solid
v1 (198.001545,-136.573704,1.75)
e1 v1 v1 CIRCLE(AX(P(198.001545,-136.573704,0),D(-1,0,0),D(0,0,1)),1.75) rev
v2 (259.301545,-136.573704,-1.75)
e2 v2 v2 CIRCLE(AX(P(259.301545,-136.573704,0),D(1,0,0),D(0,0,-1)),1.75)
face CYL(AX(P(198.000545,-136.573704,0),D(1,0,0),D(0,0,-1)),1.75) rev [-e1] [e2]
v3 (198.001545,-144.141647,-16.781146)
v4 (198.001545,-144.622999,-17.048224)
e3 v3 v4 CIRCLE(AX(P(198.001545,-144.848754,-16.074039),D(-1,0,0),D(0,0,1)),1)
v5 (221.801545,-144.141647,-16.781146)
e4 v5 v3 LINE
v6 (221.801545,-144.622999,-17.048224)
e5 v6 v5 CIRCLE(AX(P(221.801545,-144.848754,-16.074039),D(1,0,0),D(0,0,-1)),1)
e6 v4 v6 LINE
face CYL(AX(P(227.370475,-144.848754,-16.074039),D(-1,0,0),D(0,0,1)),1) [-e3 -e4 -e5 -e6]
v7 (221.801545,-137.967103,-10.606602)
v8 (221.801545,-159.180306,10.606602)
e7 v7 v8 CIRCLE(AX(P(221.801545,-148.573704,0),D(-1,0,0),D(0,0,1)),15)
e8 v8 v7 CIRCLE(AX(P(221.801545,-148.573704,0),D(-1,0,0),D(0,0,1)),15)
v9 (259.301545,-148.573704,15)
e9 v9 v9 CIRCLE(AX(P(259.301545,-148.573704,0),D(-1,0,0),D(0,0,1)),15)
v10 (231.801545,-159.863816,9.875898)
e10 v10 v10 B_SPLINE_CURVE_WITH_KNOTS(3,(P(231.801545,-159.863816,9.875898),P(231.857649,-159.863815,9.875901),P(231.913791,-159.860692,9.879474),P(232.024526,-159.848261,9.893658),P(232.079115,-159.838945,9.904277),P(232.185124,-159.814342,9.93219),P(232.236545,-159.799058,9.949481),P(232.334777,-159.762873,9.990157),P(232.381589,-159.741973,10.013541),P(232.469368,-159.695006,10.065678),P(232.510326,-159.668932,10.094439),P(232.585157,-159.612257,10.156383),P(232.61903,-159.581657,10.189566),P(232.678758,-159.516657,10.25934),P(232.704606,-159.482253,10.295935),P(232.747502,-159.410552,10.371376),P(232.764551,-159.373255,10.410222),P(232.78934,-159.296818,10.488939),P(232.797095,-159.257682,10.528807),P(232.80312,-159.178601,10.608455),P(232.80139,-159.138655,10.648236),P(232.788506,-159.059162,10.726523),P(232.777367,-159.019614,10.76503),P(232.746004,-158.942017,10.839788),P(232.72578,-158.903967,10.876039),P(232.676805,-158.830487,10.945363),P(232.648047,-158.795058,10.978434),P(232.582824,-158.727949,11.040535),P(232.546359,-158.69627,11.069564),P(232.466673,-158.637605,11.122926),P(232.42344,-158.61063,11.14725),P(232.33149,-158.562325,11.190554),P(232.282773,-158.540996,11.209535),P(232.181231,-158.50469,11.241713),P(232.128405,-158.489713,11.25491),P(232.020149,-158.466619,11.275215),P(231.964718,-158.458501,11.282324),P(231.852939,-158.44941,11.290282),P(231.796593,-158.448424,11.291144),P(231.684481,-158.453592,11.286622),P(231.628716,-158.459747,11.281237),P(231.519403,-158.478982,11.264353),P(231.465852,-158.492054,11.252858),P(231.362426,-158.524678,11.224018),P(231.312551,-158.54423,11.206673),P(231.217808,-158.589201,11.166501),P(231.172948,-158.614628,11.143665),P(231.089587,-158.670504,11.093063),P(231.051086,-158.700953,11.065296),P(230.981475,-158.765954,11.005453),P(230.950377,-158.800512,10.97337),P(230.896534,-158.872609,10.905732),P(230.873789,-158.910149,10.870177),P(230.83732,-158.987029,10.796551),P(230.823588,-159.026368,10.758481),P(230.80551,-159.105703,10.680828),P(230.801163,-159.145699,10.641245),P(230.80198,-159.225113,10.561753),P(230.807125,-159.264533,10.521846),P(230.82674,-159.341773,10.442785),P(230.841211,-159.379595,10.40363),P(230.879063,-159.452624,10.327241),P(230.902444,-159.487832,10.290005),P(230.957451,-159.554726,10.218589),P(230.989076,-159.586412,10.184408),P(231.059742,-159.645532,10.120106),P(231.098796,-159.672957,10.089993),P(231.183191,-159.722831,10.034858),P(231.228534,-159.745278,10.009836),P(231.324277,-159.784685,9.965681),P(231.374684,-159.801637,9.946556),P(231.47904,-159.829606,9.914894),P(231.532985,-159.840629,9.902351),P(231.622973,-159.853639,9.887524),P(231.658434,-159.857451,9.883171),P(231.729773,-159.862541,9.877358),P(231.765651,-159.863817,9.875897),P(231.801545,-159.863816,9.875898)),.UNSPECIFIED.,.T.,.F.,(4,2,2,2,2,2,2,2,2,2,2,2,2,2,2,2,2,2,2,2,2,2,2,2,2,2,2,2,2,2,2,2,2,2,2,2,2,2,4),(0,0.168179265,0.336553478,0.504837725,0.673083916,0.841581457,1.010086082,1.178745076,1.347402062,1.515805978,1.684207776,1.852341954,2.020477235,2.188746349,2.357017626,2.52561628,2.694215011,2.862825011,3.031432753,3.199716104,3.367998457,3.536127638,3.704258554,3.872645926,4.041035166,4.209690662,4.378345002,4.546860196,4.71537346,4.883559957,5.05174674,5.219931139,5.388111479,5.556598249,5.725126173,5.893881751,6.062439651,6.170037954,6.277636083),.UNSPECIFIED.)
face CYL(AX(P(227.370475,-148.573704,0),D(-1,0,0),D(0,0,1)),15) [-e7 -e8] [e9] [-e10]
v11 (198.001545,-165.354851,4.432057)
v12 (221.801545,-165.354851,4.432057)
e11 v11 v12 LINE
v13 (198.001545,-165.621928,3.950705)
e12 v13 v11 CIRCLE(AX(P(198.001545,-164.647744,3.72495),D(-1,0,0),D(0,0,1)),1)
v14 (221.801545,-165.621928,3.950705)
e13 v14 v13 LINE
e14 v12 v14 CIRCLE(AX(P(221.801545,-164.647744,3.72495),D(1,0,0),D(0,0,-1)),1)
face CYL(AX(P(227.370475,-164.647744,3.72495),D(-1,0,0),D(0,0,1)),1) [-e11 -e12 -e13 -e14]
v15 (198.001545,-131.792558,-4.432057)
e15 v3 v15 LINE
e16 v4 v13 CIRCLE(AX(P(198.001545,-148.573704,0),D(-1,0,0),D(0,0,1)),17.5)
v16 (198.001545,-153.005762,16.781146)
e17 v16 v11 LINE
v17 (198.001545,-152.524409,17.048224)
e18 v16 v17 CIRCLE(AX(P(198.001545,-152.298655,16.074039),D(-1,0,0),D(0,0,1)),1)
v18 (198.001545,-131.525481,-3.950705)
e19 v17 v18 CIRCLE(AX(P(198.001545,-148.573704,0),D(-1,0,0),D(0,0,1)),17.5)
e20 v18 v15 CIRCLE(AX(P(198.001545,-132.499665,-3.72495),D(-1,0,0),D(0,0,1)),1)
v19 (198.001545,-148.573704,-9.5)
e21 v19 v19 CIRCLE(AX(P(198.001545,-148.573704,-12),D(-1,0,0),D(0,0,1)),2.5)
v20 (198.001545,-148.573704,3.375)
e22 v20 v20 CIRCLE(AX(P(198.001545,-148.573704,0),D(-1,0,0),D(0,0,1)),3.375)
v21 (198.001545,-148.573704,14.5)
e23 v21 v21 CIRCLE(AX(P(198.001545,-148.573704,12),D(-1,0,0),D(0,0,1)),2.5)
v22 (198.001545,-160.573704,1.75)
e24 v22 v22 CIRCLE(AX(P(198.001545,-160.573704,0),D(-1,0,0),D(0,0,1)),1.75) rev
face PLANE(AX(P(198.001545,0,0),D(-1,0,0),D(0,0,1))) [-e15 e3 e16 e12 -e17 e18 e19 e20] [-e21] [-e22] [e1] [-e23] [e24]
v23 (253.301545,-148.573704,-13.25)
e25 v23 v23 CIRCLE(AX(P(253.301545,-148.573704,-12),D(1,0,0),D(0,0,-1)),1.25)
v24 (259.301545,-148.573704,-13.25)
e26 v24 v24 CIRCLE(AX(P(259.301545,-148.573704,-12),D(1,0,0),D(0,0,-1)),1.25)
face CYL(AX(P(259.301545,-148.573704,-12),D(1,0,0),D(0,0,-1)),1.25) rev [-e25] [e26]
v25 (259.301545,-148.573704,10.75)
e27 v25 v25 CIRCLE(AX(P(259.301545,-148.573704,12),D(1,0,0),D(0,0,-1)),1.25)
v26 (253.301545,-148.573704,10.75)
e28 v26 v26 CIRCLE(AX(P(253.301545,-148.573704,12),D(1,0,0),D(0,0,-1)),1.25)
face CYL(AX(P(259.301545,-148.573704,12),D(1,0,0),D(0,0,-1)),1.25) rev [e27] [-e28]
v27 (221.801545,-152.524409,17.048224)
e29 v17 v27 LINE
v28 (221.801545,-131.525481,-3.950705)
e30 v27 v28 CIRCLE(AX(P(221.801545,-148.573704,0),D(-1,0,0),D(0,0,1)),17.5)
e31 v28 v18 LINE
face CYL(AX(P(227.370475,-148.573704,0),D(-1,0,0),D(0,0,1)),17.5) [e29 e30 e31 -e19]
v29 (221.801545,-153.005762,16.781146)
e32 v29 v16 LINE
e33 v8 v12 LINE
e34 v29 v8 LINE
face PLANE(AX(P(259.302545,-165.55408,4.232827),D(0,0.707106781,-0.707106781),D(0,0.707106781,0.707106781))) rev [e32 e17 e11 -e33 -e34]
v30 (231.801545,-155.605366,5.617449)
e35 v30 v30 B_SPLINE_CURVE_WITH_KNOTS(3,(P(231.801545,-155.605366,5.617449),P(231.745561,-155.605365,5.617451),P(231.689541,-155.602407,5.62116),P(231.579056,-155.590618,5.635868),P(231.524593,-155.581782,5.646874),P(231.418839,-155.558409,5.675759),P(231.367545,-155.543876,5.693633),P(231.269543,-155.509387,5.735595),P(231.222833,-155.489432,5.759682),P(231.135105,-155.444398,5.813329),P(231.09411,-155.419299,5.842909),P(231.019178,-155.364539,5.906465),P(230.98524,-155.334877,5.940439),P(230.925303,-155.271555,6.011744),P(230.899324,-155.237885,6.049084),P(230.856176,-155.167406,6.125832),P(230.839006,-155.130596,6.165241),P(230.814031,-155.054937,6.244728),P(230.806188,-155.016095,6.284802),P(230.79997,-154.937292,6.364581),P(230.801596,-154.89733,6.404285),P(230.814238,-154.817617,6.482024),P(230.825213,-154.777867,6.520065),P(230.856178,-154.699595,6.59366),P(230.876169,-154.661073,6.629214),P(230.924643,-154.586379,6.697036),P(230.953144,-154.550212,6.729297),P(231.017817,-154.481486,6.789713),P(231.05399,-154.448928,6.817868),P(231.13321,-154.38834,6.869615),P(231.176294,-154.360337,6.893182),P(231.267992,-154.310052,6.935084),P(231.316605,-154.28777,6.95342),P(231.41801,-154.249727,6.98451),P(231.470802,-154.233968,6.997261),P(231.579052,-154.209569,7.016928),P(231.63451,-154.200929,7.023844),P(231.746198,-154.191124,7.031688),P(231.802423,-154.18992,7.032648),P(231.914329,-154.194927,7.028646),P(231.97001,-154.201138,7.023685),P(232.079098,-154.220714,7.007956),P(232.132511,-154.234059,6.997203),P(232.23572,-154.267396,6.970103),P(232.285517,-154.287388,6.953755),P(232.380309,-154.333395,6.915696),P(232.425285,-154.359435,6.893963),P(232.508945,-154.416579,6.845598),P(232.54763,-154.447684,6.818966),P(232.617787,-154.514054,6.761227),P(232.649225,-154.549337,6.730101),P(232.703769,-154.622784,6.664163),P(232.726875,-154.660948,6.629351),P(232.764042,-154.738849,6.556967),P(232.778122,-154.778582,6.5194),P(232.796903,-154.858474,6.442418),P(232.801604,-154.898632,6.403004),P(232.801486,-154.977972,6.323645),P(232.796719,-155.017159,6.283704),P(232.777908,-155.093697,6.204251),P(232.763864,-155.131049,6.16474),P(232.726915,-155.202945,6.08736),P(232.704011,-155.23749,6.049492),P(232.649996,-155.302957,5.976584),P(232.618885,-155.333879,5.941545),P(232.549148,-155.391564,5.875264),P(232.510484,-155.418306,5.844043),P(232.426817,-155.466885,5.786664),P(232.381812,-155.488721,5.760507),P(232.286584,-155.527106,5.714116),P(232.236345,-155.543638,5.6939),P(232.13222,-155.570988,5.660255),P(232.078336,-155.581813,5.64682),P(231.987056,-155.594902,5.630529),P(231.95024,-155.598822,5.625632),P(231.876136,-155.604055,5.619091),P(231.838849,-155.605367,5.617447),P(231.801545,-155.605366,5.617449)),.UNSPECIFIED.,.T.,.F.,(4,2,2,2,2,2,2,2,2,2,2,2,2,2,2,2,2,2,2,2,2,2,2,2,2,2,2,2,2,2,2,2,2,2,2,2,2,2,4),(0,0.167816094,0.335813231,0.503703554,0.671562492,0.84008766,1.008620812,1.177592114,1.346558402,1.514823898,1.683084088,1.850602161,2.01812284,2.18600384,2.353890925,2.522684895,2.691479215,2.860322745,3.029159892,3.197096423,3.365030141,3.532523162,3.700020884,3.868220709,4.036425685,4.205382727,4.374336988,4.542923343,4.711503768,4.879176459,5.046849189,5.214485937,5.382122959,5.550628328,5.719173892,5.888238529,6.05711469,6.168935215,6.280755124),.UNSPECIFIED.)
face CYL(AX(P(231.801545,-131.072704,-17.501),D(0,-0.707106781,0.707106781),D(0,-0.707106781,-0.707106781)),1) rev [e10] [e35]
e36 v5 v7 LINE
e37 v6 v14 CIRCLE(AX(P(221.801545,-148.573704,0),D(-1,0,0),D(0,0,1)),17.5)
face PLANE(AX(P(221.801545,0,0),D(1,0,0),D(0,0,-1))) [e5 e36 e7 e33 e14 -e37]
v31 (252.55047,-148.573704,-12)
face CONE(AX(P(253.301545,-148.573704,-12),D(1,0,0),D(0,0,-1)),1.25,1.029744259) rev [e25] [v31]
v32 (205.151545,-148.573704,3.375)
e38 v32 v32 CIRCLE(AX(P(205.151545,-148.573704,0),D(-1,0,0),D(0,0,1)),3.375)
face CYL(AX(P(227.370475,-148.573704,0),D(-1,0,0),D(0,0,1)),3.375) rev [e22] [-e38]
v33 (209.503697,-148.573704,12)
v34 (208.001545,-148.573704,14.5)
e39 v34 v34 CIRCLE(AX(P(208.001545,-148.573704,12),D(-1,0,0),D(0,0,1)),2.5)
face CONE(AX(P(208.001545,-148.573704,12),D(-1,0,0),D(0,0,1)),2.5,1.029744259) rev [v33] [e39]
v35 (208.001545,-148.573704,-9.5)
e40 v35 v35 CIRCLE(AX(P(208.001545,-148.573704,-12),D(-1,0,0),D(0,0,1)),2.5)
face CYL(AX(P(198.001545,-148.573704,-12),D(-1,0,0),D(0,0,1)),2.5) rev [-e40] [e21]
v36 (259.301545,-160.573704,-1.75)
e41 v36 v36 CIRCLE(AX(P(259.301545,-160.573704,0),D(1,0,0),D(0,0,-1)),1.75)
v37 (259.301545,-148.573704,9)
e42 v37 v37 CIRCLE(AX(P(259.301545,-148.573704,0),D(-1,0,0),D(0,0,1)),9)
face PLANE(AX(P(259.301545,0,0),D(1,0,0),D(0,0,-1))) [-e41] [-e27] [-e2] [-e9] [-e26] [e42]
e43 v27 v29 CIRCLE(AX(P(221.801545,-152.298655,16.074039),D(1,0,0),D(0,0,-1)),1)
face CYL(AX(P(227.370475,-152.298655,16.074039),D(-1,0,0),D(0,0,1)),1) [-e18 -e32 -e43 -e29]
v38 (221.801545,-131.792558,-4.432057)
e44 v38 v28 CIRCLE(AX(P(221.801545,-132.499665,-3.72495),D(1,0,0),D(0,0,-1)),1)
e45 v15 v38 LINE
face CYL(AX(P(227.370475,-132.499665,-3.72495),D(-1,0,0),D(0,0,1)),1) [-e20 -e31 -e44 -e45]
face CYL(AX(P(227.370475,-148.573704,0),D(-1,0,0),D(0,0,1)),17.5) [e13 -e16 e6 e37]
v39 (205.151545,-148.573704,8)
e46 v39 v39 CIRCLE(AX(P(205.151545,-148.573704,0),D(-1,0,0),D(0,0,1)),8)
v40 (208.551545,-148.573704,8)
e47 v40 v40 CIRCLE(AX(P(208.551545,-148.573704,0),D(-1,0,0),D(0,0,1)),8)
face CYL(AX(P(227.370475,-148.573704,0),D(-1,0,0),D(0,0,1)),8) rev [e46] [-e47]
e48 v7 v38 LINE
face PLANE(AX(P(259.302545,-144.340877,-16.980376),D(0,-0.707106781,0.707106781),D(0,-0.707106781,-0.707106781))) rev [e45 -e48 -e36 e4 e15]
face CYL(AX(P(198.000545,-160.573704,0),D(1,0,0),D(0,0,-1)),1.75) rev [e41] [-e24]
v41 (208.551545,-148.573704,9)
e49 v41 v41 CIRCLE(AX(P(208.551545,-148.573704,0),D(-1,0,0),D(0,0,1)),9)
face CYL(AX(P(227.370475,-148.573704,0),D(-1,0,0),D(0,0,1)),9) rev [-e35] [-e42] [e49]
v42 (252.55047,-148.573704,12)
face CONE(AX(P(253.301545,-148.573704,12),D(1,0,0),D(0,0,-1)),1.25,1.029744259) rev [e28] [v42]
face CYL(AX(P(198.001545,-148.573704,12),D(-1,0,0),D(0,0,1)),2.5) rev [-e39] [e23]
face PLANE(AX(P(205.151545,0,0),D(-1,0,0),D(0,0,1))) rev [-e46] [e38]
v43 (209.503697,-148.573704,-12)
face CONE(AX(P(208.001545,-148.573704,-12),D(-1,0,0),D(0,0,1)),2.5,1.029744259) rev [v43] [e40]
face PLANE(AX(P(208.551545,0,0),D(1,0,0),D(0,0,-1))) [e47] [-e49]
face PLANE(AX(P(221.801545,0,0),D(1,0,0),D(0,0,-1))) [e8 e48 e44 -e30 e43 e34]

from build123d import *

# Parameters (mm, degrees)
CUT_EXTRUDE1_REACH          = 179.889
SKETCH8_R                   = 1.75
TAP_DRILL_FOR_M3_TAP2_D     = 2.5
TAP_DRILL_FOR_M3_TAP2_DEPTH = 6
TAP_DRILL_FOR_M3_TAP2_TIP   = 0.751075774
TAP_DRILL_FOR_M6_TAP1_D     = 5
TAP_DRILL_FOR_M6_TAP1_DEPTH = 10
TAP_DRILL_FOR_M6_TAP1_TIP   = 1.502151548
CUT_EXTRUDE2_REACH          = 179.889
FILLET1_R                   = 1
CUT_EXTRUDE3_REACH          = 335.718
SKETCH18_R                  = 1


with BuildPart() as part:
    # Sketch3 → Revolve1 (revolve)
    with BuildSketch(Plane.XY):
        Polygon((208.551545348, -139.573704322), (250.685153788, -139.573704322), (259.301545348, -139.573704322), (259.301545348, -133.573704322), (238.427343436, -133.573704322), (221.801545348, -133.573704322), (221.801545348, -131.073704322), (198.001545348, -131.073704322), (198.001545348, -133.573704322), (198.001545348, -140.556086521), (198.001545348, -145.198704322), (205.151545348, -145.198704322), (205.151545348, -140.573704322), (208.551545348, -140.573704322), align=None)
    revolve(axis=Axis((227.370475166, -148.573704322, 0), (1, 0, 0)))

    # Sketch8 → Cut-Extrude1 (cut, up to next)
    with BuildSketch(Plane(origin=(259.301545348, 0, 0), x_dir=(0, 0, -1), z_dir=(1, 0, 0)), mode=Mode.PRIVATE) as cut_extrude1_sk1:
        with Locations((0, -136.573704322)):
            Circle(SKETCH8_R)
    cut_extrude1_tool1 = extrude(cut_extrude1_sk1.sketch, amount=-CUT_EXTRUDE1_REACH, mode=Mode.PRIVATE) & part.part
    # Sketch8 → Cut-Extrude1 (cut, up to next)
    with BuildSketch(Plane(origin=(259.301545348, 0, 0), x_dir=(0, 0, -1), z_dir=(1, 0, 0)), mode=Mode.PRIVATE) as cut_extrude1_sk2:
        with Locations((0, -160.573704322)):
            Circle(SKETCH8_R)
    cut_extrude1_tool2 = extrude(cut_extrude1_sk2.sketch, amount=-CUT_EXTRUDE1_REACH, mode=Mode.PRIVATE) & part.part
    add(cut_extrude1_tool1.solids().sort_by_distance((259.301545, -136.573704, 0))[0], mode=Mode.SUBTRACT)
    add(cut_extrude1_tool2.solids().sort_by_distance((259.301545, -160.573704, 0))[0], mode=Mode.SUBTRACT)

    # Tap Drill for M3 Tap2
    with Locations(Plane(origin=(259.301545348, 0, 0), x_dir=(0, 0, -1), z_dir=(1, 0, 0))):
        with Locations((-12, -148.573704322), (12, -148.573704322)):
            Hole(TAP_DRILL_FOR_M3_TAP2_D / 2, depth=TAP_DRILL_FOR_M3_TAP2_DEPTH)
            with Locations((0, 0, -(TAP_DRILL_FOR_M3_TAP2_DEPTH + TAP_DRILL_FOR_M3_TAP2_TIP / 2))):  # 118° drill point
                Cone(0, TAP_DRILL_FOR_M3_TAP2_D / 2, TAP_DRILL_FOR_M3_TAP2_TIP, mode=Mode.SUBTRACT)

    # Tap Drill for M6 Tap1
    with Locations(Plane.ZY.offset(-198.001545348)):
        with Locations((12, -148.573704322), (-12, -148.573704322)):
            Hole(TAP_DRILL_FOR_M6_TAP1_D / 2, depth=TAP_DRILL_FOR_M6_TAP1_DEPTH)
            with Locations((0, 0, -(TAP_DRILL_FOR_M6_TAP1_DEPTH + TAP_DRILL_FOR_M6_TAP1_TIP / 2))):  # 118° drill point
                Cone(0, TAP_DRILL_FOR_M6_TAP1_D / 2, TAP_DRILL_FOR_M6_TAP1_TIP, mode=Mode.SUBTRACT)

    # Sketch16 → Cut-Extrude2 (cut, up to next)
    with BuildSketch(Plane.ZY.offset(-198.001545348), mode=Mode.PRIVATE) as cut_extrude2_sk1:
        Polygon((-16.98037611, -144.340876996), (-4.232827326, -131.593328212), (-6.354147669, -129.472007869), (-19.101696453, -142.219556653), align=None)
    cut_extrude2_tool1 = extrude(cut_extrude2_sk1.sketch, amount=-CUT_EXTRUDE2_REACH, mode=Mode.PRIVATE) & part.part
    # Sketch16 → Cut-Extrude2 (cut, up to next)
    with BuildSketch(Plane.ZY.offset(-198.001545348), mode=Mode.PRIVATE) as cut_extrude2_sk2:
        Polygon((4.232827326, -165.554080432), (6.354147669, -167.675400776), (19.101696453, -154.927851992), (16.98037611, -152.806531648), align=None)
    cut_extrude2_tool2 = extrude(cut_extrude2_sk2.sketch, amount=-CUT_EXTRUDE2_REACH, mode=Mode.PRIVATE) & part.part
    add(cut_extrude2_tool1.solids().sort_by_distance((198.001545, -136.906442, -11.667262))[0], mode=Mode.SUBTRACT)
    add(cut_extrude2_tool2.solids().sort_by_distance((198.001545, -160.240966, 11.667262))[0], mode=Mode.SUBTRACT)

    # Fillet1
    fillet1_edges = [part.edges().sort_by_distance(p)[0] for p in [
        (209.901545348, -165.554080432, 4.232827326),
        (209.901545348, -152.806531648, 16.98037611),
        (209.901545348, -144.340876996, -16.98037611),
        (209.901545348, -131.593328212, -4.232827326),
    ]]
    fillet(fillet1_edges, radius=FILLET1_R)

    # Sketch18 → Cut-Extrude3 (cut, up to next)
    with BuildSketch(Plane(origin=(0, -289.84438159, -120.057473832), x_dir=(1, 0, 0), z_dir=(0, 0.7071067811865441, -0.7071067811865509)), mode=Mode.PRIVATE) as cut_extrude3_sk1:
        with Locations((231.801545348, -184.786907758)):
            Circle(SKETCH18_R)
    cut_extrude3_tool1 = extrude(cut_extrude3_sk1.sketch, amount=CUT_EXTRUDE3_REACH, mode=Mode.PRIVATE) & part.part
    add(cut_extrude3_tool1.solids().sort_by_distance((231.801545, -159.180306, 10.606602))[0], mode=Mode.SUBTRACT)


solid = part.part
